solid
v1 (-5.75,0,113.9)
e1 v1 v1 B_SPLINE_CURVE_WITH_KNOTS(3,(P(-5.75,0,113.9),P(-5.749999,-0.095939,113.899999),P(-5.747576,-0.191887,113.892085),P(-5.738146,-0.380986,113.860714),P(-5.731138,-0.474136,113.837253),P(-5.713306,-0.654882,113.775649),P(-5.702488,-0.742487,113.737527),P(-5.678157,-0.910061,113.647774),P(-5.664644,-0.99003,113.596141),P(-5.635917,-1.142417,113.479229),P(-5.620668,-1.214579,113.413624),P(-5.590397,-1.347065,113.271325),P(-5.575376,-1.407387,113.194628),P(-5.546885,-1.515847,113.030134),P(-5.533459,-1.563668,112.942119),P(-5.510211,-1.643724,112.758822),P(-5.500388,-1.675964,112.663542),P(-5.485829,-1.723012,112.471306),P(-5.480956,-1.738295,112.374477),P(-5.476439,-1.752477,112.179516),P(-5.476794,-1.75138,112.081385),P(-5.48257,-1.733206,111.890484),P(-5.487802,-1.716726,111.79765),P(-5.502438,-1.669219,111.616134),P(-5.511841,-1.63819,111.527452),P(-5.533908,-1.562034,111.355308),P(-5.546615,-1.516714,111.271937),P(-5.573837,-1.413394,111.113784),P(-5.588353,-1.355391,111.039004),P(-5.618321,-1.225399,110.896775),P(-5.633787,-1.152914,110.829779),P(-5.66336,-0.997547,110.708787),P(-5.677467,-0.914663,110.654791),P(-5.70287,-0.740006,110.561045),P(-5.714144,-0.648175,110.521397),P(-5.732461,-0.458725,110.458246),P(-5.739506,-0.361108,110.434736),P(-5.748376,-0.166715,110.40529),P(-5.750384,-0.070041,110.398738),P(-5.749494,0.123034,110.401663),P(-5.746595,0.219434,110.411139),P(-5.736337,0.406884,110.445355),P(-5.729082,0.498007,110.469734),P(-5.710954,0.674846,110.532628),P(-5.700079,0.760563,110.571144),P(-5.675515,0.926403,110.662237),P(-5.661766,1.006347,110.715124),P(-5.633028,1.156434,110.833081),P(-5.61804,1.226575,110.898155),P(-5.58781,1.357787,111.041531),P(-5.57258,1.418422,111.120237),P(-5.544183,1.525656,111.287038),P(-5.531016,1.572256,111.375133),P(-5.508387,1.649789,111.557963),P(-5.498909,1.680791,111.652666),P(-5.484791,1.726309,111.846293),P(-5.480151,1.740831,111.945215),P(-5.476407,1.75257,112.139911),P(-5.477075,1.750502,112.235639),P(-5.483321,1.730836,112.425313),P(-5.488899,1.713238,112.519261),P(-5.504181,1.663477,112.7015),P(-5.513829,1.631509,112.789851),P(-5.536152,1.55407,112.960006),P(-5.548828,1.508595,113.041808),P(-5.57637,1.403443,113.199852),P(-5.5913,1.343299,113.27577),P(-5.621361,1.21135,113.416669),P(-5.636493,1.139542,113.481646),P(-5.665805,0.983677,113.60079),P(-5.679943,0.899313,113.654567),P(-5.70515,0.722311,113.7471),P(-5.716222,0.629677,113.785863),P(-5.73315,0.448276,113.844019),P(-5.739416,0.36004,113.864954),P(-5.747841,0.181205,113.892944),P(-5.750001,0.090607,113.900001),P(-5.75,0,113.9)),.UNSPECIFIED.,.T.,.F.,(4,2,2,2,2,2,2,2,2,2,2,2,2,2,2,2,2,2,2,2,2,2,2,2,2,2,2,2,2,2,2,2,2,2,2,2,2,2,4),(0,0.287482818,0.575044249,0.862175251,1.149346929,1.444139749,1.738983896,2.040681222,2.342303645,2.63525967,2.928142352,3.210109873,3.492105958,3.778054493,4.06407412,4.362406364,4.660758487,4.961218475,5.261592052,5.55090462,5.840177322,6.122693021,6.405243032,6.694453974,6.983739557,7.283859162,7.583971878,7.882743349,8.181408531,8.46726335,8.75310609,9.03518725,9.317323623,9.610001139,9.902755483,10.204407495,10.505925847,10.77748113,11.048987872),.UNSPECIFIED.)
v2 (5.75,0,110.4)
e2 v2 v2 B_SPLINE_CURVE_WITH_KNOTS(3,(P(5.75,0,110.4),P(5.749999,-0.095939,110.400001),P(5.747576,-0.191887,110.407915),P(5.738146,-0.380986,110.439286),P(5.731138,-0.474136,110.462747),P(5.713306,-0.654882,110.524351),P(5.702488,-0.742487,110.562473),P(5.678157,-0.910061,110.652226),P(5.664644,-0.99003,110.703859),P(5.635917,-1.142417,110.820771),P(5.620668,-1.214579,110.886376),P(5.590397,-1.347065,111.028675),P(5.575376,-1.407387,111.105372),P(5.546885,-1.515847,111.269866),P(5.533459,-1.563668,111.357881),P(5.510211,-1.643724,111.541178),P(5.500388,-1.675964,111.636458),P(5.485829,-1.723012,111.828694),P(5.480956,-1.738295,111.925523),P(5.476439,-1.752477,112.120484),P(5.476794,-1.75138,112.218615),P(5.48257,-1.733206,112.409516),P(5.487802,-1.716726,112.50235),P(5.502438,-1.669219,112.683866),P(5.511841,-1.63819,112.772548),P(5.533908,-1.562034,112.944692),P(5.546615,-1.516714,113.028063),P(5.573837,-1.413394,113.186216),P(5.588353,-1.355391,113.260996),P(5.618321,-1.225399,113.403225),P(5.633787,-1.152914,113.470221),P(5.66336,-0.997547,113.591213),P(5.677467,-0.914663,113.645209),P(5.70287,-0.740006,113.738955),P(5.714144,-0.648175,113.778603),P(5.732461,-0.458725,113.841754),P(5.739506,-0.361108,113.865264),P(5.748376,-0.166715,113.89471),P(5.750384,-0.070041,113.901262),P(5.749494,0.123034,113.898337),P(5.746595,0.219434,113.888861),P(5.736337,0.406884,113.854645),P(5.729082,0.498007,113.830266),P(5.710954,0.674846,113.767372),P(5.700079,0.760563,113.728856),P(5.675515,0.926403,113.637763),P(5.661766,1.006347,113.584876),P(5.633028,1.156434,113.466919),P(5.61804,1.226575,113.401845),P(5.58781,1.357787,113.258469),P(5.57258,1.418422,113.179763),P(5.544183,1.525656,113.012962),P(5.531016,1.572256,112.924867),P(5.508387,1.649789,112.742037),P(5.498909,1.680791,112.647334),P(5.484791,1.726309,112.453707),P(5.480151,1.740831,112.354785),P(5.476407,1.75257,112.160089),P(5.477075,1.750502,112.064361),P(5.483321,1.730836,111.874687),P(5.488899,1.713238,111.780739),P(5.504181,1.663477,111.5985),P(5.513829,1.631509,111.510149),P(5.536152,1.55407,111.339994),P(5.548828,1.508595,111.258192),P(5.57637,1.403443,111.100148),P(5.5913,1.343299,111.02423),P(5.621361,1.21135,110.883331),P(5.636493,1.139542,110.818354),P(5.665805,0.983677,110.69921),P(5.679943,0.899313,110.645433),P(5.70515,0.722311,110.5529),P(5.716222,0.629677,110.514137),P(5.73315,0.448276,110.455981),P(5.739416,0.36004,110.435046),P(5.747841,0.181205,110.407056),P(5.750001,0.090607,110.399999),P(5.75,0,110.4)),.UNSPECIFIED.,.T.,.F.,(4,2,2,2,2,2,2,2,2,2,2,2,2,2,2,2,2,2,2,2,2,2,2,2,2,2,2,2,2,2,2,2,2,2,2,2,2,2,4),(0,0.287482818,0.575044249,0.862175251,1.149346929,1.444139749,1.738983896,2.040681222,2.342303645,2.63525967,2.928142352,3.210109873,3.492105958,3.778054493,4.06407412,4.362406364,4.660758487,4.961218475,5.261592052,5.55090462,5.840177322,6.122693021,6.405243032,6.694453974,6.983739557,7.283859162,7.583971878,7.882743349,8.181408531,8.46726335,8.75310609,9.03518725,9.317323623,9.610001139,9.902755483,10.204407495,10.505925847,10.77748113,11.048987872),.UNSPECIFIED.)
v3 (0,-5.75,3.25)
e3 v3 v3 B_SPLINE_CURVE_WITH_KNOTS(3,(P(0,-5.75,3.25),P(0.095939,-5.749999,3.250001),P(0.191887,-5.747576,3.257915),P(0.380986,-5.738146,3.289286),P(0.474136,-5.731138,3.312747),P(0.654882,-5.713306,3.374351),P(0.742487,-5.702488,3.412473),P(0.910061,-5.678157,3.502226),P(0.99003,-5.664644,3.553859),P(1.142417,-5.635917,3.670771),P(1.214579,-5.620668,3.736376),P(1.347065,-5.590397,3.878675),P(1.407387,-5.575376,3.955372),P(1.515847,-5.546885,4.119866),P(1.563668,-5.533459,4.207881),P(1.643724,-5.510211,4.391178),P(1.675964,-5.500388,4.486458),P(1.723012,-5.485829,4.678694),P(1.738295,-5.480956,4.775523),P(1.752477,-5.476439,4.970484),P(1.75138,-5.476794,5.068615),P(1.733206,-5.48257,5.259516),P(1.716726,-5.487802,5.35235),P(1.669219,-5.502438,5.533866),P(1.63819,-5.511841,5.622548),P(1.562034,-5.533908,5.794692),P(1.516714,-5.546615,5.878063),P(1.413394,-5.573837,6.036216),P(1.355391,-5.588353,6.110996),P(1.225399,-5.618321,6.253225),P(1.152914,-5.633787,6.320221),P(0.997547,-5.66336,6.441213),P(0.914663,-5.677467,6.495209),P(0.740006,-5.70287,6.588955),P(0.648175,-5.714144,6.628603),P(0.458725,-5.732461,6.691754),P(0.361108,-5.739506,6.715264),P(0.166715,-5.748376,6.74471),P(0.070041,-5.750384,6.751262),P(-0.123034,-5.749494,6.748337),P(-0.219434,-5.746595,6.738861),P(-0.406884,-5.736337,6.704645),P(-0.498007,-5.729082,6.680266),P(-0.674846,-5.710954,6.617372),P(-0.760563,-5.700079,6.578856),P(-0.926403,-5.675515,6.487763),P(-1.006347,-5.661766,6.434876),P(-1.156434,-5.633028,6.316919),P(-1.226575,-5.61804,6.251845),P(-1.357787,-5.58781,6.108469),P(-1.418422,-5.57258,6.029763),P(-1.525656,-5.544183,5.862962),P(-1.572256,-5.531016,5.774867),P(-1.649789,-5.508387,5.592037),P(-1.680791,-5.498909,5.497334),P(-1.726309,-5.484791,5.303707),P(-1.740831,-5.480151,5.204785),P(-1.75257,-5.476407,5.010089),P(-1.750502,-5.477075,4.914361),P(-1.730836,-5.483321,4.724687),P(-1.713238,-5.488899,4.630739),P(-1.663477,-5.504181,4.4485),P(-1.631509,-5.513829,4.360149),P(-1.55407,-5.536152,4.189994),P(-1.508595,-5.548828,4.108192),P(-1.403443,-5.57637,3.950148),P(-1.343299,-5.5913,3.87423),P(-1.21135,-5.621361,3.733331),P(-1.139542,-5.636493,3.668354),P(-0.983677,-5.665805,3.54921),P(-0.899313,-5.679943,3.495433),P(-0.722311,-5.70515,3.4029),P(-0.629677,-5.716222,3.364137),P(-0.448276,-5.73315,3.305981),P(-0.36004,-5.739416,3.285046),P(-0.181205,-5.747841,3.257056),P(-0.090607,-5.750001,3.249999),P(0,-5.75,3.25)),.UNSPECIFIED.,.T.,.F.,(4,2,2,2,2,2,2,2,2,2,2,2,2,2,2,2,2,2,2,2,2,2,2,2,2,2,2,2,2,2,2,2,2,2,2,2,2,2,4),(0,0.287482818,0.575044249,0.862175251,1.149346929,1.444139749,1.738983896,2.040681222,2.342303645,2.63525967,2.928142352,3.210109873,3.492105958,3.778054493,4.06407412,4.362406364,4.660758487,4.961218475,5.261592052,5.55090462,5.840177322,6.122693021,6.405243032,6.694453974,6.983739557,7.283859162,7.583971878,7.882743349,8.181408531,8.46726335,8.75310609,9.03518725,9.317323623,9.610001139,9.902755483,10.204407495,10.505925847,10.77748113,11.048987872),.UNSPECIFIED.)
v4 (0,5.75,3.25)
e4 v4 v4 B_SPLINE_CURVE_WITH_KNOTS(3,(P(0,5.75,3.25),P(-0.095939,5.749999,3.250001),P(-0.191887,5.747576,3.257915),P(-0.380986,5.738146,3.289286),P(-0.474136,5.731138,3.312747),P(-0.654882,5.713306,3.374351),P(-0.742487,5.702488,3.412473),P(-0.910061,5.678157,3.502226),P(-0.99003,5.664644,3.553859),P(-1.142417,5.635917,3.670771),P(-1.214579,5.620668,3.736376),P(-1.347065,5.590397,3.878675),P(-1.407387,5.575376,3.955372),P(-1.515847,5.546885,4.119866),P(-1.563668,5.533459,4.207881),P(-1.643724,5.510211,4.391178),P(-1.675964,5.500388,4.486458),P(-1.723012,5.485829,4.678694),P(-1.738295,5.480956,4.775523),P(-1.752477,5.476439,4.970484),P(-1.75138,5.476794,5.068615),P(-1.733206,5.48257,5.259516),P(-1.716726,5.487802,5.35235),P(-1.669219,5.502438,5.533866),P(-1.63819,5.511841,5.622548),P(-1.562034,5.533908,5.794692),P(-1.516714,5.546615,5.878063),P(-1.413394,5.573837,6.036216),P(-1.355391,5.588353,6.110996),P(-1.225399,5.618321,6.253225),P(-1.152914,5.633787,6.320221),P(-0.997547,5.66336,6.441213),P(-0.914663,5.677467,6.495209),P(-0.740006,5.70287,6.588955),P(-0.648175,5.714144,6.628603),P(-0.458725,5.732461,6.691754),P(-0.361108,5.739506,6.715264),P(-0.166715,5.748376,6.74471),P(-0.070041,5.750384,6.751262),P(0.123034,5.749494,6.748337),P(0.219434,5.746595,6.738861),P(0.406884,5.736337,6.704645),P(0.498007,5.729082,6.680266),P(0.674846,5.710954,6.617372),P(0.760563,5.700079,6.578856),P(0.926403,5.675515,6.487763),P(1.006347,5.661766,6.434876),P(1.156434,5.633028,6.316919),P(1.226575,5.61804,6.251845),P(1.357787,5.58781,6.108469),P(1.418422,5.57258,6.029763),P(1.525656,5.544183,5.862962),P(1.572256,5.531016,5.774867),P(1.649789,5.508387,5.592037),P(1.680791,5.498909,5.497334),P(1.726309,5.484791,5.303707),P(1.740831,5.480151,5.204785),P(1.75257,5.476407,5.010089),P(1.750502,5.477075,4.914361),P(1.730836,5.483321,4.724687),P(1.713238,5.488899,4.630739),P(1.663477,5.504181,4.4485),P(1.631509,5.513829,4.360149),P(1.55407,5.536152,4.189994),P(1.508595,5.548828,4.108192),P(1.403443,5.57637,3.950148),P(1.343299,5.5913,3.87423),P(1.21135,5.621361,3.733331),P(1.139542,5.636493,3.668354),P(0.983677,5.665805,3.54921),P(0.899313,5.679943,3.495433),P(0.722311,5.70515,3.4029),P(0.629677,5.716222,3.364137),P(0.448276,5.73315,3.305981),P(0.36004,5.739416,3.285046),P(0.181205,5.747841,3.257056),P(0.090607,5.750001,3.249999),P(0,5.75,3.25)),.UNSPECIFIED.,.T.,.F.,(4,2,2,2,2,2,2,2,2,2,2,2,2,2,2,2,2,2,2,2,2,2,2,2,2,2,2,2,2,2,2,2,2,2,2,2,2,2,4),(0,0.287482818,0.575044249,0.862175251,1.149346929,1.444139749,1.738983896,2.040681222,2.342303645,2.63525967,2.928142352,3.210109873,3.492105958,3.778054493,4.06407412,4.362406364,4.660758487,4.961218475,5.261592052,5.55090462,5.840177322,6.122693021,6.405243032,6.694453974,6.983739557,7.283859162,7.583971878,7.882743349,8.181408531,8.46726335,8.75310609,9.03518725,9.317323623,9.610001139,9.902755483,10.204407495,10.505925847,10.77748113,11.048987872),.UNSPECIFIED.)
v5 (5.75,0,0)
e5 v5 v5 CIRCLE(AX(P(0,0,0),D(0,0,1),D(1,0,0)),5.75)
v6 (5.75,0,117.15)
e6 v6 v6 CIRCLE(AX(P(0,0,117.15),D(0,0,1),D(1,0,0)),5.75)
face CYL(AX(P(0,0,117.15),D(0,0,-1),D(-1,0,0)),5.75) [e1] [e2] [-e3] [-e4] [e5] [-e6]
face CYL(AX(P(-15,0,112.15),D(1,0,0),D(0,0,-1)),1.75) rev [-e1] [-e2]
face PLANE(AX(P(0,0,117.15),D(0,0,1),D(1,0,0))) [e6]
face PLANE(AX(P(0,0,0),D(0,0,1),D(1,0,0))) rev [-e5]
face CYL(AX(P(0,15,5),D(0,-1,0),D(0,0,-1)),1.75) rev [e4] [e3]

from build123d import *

# Parameters (mm, degrees)
SKETCH3_R           = 5.75
BOSS_EXTRUDE1_DEPTH = 117.15
SKETCH4_R           = 1.75
CUT_EXTRUDE2_DEPTH  = 15
SKETCH5_R           = 1.75
CUT_EXTRUDE3_DEPTH  = 15


with BuildPart() as part:
    # Sketch3 → Boss-Extrude1 (new body)
    with BuildSketch(Plane.XY):
        Circle(SKETCH3_R)
    extrude(amount=BOSS_EXTRUDE1_DEPTH)

    # Sketch4 → Cut-Extrude2 (cut, symmetric)
    with BuildSketch(Plane(origin=(0, 0, 0), x_dir=(1, 0, 0), z_dir=(0, 1, 0))):
        with Locations(Location((0, -5, 0), (0, 0, 90))):
            Circle(SKETCH4_R)
    extrude(amount=CUT_EXTRUDE2_DEPTH, both=True, mode=Mode.SUBTRACT)

    # Sketch5 → Cut-Extrude3 (cut, symmetric)
    with BuildSketch(Plane(origin=(0, 0, 0), x_dir=(0, 0, -1), z_dir=(1, 0, 0))):
        with Locations(Location((-112.15, 0, 0), (0, 0, 179.999999999))):
            Circle(SKETCH5_R)
    extrude(amount=CUT_EXTRUDE3_DEPTH, both=True, mode=Mode.SUBTRACT)


solid = part.part
